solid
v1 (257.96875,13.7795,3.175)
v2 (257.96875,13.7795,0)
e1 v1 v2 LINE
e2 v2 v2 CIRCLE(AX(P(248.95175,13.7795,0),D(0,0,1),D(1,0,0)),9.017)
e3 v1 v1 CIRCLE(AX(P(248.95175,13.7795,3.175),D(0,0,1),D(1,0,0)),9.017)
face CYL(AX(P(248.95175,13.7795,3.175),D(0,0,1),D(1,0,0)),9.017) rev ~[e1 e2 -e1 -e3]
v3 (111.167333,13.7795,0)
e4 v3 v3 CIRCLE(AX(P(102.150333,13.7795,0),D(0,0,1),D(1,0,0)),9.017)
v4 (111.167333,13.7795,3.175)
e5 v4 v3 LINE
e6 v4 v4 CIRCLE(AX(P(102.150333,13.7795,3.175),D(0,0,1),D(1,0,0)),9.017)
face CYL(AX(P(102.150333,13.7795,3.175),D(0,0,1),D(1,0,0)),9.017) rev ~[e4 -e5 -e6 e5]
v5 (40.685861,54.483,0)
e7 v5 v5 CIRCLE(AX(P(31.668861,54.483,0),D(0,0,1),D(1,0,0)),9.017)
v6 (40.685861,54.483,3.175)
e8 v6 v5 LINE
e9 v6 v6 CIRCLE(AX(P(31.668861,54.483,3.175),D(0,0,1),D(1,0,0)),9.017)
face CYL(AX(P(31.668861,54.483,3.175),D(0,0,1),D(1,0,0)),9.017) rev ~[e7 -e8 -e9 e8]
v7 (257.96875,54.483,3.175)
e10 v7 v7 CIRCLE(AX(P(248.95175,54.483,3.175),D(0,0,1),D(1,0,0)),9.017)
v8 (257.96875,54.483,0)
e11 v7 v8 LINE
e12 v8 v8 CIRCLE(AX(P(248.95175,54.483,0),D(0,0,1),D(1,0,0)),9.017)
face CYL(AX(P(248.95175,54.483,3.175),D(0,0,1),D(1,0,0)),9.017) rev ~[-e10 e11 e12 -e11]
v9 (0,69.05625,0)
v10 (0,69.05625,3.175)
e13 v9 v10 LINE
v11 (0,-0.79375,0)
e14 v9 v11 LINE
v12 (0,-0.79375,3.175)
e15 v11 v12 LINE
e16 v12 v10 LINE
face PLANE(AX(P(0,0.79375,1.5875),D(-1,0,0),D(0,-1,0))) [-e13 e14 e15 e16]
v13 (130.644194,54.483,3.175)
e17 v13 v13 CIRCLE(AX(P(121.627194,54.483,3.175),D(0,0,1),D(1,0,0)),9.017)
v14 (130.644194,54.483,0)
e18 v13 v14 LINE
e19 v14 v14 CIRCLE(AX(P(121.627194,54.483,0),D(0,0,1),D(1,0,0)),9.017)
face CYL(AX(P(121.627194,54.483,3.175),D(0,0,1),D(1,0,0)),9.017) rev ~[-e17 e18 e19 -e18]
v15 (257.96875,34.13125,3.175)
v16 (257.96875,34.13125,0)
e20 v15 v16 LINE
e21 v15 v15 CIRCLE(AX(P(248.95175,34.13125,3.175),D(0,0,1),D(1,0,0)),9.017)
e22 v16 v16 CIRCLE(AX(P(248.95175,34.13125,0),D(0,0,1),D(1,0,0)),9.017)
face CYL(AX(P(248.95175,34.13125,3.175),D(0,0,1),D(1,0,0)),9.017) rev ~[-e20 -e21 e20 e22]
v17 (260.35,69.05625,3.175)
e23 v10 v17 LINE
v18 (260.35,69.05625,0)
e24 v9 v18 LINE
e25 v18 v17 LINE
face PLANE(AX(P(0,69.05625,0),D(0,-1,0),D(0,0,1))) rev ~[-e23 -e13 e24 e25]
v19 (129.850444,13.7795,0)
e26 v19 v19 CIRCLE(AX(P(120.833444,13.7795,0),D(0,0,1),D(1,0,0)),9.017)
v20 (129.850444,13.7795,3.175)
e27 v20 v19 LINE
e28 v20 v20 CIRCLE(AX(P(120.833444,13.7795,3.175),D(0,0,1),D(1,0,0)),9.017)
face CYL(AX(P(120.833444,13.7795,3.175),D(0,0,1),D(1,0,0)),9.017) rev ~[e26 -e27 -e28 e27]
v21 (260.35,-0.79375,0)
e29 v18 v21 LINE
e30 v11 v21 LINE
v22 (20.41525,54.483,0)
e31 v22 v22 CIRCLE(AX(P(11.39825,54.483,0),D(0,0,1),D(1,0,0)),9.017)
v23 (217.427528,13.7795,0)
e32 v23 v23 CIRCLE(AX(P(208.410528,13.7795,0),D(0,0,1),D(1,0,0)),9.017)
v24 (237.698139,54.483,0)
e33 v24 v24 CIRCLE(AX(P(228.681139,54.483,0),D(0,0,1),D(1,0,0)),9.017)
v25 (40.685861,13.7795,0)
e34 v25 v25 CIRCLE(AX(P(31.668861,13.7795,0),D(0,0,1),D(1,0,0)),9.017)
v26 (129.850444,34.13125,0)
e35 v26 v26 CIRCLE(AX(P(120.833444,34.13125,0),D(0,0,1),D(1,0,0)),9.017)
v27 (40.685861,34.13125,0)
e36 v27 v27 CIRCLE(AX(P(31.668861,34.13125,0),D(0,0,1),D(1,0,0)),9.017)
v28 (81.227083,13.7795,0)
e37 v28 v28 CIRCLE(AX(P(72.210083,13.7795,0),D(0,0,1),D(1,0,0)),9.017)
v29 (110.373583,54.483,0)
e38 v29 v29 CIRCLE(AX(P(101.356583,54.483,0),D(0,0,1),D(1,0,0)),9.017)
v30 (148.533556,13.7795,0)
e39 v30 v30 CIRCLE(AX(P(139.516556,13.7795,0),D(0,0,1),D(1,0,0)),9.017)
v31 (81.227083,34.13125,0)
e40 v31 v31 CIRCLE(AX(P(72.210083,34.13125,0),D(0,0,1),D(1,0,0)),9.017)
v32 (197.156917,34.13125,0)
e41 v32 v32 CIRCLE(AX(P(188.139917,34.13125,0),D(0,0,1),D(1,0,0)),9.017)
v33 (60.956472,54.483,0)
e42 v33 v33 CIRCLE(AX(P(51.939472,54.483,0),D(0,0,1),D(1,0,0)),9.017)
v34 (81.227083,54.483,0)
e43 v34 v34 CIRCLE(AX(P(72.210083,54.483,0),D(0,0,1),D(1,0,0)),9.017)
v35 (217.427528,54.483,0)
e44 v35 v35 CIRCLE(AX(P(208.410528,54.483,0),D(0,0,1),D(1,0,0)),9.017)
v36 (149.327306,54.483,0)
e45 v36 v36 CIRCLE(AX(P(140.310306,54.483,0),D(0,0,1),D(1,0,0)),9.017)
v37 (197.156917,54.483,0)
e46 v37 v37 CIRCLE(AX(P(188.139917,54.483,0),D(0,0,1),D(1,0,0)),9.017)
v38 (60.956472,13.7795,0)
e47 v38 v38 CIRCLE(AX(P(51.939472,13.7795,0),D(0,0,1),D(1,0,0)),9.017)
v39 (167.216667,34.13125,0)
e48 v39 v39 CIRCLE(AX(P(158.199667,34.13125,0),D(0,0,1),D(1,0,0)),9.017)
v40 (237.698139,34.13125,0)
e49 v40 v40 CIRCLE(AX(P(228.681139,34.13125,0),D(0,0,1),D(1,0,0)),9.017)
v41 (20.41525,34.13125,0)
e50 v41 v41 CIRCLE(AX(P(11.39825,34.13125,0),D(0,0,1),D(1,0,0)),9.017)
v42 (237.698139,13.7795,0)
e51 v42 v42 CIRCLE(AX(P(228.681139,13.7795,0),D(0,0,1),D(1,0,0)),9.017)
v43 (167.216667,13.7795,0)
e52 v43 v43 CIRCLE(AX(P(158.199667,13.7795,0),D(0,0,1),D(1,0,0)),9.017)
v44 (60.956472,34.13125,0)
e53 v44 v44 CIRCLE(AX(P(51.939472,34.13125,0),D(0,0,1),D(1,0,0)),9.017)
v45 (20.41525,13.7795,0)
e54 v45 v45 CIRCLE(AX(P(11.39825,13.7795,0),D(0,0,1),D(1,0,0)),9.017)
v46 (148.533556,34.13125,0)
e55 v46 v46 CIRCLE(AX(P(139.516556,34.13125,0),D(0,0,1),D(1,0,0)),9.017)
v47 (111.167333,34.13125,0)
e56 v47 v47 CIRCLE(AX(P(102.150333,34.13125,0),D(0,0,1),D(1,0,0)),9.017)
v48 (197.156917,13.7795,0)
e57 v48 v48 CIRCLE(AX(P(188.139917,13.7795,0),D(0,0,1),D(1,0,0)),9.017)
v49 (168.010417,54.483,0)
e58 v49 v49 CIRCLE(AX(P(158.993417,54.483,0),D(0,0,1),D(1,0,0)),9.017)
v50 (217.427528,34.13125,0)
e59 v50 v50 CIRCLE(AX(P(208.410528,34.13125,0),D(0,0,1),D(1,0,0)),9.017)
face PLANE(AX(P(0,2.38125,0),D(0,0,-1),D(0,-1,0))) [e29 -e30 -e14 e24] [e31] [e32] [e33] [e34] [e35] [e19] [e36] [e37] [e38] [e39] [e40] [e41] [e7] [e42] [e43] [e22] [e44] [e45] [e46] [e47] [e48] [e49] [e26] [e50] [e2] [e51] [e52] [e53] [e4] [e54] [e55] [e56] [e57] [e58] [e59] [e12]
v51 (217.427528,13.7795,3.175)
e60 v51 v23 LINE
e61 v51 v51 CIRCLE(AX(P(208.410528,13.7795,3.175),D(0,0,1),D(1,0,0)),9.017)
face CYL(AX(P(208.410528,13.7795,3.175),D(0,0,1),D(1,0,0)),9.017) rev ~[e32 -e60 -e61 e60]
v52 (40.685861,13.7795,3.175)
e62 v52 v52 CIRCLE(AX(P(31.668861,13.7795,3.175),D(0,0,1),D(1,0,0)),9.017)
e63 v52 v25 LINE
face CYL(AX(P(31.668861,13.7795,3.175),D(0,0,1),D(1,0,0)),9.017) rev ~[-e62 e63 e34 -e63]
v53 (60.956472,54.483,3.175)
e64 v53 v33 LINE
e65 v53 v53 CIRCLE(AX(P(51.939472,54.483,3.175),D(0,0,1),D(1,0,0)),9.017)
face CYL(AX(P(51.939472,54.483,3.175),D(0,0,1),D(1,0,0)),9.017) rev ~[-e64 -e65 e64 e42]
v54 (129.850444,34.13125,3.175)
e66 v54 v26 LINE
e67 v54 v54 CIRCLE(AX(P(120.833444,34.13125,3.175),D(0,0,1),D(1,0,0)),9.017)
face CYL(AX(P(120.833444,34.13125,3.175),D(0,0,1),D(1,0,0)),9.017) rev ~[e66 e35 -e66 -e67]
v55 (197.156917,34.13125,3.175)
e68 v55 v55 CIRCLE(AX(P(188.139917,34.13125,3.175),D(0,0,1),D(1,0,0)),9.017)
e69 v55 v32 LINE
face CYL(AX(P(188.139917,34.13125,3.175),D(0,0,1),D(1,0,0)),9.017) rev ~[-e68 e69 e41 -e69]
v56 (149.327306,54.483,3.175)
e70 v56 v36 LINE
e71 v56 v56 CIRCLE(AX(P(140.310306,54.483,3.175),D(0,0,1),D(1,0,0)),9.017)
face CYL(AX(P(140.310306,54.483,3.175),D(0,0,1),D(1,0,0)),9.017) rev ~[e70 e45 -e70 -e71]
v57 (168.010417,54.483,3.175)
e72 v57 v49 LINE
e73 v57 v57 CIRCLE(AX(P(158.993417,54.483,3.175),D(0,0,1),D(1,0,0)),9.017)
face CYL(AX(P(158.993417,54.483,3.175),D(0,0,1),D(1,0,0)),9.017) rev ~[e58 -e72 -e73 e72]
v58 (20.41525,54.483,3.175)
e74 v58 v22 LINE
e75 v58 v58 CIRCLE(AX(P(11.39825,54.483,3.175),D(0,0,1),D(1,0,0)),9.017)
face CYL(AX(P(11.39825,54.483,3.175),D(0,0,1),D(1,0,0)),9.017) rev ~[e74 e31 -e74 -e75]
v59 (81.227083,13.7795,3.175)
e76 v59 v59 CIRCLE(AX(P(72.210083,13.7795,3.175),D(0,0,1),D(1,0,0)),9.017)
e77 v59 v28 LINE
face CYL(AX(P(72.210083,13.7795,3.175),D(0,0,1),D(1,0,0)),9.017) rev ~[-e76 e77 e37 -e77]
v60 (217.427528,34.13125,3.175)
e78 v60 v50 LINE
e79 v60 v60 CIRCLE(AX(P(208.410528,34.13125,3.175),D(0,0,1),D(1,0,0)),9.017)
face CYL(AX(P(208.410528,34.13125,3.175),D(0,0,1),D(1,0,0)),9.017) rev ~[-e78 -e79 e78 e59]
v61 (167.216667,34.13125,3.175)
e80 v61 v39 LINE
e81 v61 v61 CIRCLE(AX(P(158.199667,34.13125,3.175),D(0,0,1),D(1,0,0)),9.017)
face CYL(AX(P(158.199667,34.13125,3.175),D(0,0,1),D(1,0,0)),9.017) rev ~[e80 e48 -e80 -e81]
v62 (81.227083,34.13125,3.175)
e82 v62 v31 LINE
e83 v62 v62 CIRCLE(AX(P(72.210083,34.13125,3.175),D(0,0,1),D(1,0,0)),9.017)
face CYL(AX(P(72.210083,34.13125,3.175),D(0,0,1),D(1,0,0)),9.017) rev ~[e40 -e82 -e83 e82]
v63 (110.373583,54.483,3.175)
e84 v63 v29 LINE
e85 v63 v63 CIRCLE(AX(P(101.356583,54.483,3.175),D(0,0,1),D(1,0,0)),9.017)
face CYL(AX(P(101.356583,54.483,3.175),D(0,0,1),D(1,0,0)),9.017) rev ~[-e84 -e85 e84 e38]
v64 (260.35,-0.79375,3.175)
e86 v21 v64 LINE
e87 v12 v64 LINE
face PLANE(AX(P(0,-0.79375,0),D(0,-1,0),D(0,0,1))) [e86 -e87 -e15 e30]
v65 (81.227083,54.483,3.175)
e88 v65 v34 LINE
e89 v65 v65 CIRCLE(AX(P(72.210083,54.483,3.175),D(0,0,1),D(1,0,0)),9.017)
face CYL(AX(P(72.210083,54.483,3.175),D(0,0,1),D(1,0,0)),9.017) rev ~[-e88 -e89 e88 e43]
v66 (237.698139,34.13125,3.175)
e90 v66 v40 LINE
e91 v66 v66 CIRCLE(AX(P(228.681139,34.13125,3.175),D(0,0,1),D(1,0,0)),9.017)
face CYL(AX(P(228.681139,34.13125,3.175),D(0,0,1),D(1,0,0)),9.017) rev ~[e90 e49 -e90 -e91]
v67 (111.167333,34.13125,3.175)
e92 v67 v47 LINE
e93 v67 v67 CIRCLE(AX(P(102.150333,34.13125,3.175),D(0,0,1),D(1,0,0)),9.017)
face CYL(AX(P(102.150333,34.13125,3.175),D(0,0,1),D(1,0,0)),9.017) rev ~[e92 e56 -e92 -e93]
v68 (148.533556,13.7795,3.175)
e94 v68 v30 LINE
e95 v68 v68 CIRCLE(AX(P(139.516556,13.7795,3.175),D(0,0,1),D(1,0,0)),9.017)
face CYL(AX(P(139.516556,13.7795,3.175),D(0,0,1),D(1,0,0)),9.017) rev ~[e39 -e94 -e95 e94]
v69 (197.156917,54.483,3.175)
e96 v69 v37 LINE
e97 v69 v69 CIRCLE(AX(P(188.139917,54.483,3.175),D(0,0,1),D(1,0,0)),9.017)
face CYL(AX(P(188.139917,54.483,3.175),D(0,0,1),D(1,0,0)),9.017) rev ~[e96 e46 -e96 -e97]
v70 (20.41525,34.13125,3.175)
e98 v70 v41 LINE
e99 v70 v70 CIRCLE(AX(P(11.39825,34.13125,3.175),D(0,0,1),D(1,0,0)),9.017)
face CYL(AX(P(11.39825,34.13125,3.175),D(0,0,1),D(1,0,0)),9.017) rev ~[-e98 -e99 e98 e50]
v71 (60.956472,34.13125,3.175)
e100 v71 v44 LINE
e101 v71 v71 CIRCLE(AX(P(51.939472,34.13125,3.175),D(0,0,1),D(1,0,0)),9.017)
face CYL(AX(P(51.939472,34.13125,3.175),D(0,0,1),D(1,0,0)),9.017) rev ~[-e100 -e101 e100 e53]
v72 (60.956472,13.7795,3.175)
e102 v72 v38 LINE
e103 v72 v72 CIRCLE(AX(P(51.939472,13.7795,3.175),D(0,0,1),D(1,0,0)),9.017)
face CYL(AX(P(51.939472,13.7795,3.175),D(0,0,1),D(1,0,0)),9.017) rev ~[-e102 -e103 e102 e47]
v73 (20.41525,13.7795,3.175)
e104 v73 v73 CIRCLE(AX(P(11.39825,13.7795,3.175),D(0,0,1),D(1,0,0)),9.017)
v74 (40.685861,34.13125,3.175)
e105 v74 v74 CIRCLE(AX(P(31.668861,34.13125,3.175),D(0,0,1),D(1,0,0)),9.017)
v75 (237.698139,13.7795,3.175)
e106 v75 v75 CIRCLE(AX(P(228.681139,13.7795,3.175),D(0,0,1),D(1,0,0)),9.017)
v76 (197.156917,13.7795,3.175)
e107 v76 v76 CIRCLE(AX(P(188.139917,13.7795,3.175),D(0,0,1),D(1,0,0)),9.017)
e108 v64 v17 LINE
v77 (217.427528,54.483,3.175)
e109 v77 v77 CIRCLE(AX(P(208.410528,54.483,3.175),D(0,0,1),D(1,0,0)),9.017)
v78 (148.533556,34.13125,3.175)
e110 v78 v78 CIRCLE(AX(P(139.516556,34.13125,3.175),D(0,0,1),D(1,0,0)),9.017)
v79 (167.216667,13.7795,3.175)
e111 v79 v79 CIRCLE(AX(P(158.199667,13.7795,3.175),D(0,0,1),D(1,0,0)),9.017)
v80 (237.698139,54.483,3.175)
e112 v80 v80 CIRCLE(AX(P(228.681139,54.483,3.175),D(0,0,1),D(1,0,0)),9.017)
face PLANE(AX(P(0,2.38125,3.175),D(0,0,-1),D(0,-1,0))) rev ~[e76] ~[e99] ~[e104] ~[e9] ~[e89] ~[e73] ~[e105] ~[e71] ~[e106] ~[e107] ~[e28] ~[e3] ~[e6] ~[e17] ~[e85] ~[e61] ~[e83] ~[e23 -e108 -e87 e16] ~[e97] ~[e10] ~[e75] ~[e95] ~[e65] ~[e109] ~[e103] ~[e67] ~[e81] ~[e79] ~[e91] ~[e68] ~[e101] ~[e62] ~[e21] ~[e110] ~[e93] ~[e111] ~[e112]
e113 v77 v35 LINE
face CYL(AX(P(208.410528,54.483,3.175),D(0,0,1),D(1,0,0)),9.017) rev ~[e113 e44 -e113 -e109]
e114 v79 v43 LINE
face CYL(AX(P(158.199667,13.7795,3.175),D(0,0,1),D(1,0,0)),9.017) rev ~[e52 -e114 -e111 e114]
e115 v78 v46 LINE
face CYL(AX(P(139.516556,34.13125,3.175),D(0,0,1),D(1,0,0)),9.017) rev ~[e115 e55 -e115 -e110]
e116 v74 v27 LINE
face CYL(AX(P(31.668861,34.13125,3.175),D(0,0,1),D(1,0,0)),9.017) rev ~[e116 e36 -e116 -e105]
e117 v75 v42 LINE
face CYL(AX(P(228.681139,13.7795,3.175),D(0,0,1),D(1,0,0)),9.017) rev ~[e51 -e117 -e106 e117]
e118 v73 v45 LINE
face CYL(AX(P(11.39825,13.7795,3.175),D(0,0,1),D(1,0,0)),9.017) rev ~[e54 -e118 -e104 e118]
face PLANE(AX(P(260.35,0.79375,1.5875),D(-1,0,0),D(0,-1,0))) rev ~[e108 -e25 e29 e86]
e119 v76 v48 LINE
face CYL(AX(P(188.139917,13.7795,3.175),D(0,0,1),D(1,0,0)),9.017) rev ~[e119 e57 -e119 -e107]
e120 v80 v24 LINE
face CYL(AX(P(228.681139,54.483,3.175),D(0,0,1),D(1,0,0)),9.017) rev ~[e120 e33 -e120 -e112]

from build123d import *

# Parameters (mm, degrees)
F0_W     = 260.35
F0_H     = 68.2625
F1_DEPTH = 3.175
F2_W     = 6.35
F2_H     = 2.38125
F2_R     = 9.017
F3_DEPTH = 3.175
F4_W     = 3.175
F4_H     = 3.175
F5_DEPTH = 260.35


with BuildPart() as f1:
    # F0 (on Top) → F1 (new body)
    with BuildSketch(Plane.XY):
        with Locations((130.175, 34.13125)):
            Rectangle(F0_W, F0_H)
    extrude(amount=F1_DEPTH)

    # F2 (on face) → F3 (cut, through all)
    with BuildSketch(Plane.XY.offset(3.175)):
        with Locations((3.175, 1.190625)):
            Rectangle(F2_W, F2_H)
        with Locations((3.175, 67.071875)):
            Rectangle(F2_W, F2_H)
        with Locations((11.39825, 54.483)):
            Circle(F2_R)
        with Locations((31.668861, 54.483)):
            Circle(F2_R)
        with Locations((51.939472, 54.483)):
            Circle(F2_R)
        with Locations((72.210083, 54.483)):
            Circle(F2_R)
        with Locations((101.356583, 54.483)):
            Circle(F2_R)
        with Locations((121.627194, 54.483)):
            Circle(F2_R)
        with Locations((140.310306, 54.483)):
            Circle(F2_R)
        with Locations((158.993417, 54.483)):
            Circle(F2_R)
        with Locations((188.139917, 54.483)):
            Circle(F2_R)
        with Locations((208.410528, 54.483)):
            Circle(F2_R)
        with Locations((228.681139, 54.483)):
            Circle(F2_R)
        with Locations((248.95175, 54.483)):
            Circle(F2_R)
        with Locations((11.39825, 34.13125)):
            Circle(F2_R)
        with Locations((31.668861, 34.13125)):
            Circle(F2_R)
        with Locations((51.939472, 34.13125)):
            Circle(F2_R)
        with Locations((72.210083, 34.13125)):
            Circle(F2_R)
        with Locations((248.95175, 34.13125)):
            Circle(F2_R)
        with Locations((228.681139, 34.13125)):
            Circle(F2_R)
        with Locations((208.410528, 34.13125)):
            Circle(F2_R)
        with Locations((188.139917, 34.13125)):
            Circle(F2_R)
        with Locations((102.150333, 34.13125)):
            Circle(F2_R)
        with Locations((120.833444, 34.13125)):
            Circle(F2_R)
        with Locations((139.516556, 34.13125)):
            Circle(F2_R)
        with Locations((158.199667, 34.13125)):
            Circle(F2_R)
        with Locations((11.39825, 13.7795)):
            Circle(F2_R)
        with Locations((248.95175, 13.7795)):
            Circle(F2_R)
        with Locations((228.681139, 13.7795)):
            Circle(F2_R)
        with Locations((208.410528, 13.7795)):
            Circle(F2_R)
        with Locations((188.139917, 13.7795)):
            Circle(F2_R)
        with Locations((31.668861, 13.7795)):
            Circle(F2_R)
        with Locations((51.939472, 13.7795)):
            Circle(F2_R)
        with Locations((72.210083, 13.7795)):
            Circle(F2_R)
        with Locations((102.150333, 13.7795)):
            Circle(F2_R)
        with Locations((120.833444, 13.7795)):
            Circle(F2_R)
        with Locations((139.516556, 13.7795)):
            Circle(F2_R)
        with Locations((158.199667, 13.7795)):
            Circle(F2_R)
        with Locations((15.875, 67.071875)):
            Rectangle(F2_W, F2_H)
        with Locations((15.875, 1.190625)):
            Rectangle(F2_W, F2_H)
        with Locations((28.575, 1.190625)):
            Rectangle(F2_W, F2_H)
        with Locations((41.275, 1.190625)):
            Rectangle(F2_W, F2_H)
        with Locations((53.975, 1.190625)):
            Rectangle(F2_W, F2_H)
        with Locations((66.675, 1.190625)):
            Rectangle(F2_W, F2_H)
        with Locations((79.375, 1.190625)):
            Rectangle(F2_W, F2_H)
        with Locations((92.075, 1.190625)):
            Rectangle(F2_W, F2_H)
        with Locations((104.775, 1.190625)):
            Rectangle(F2_W, F2_H)
        with Locations((117.475, 1.190625)):
            Rectangle(F2_W, F2_H)
        with Locations((130.175, 1.190625)):
            Rectangle(F2_W, F2_H)
        with Locations((142.875, 1.190625)):
            Rectangle(F2_W, F2_H)
        with Locations((155.575, 1.190625)):
            Rectangle(F2_W, F2_H)
        with Locations((168.275, 1.190625)):
            Rectangle(F2_W, F2_H)
        with Locations((180.975, 1.190625)):
            Rectangle(F2_W, F2_H)
        with Locations((193.675, 1.190625)):
            Rectangle(F2_W, F2_H)
        with Locations((206.375, 1.190625)):
            Rectangle(F2_W, F2_H)
        with Locations((219.075, 1.190625)):
            Rectangle(F2_W, F2_H)
        with Locations((231.775, 1.190625)):
            Rectangle(F2_W, F2_H)
        with Locations((244.475, 1.190625)):
            Rectangle(F2_W, F2_H)
        with Locations((257.175, 1.190625)):
            Rectangle(F2_W, F2_H)
        with Locations((269.875, 1.190625)):
            Rectangle(F2_W, F2_H)
        with Locations((282.575, 1.190625)):
            Rectangle(F2_W, F2_H)
        with Locations((28.575, 67.071875)):
            Rectangle(F2_W, F2_H)
        with Locations((41.275, 67.071875)):
            Rectangle(F2_W, F2_H)
        with Locations((53.975, 67.071875)):
            Rectangle(F2_W, F2_H)
        with Locations((66.675, 67.071875)):
            Rectangle(F2_W, F2_H)
        with Locations((79.375, 67.071875)):
            Rectangle(F2_W, F2_H)
        with Locations((92.075, 67.071875)):
            Rectangle(F2_W, F2_H)
        with Locations((104.775, 67.071875)):
            Rectangle(F2_W, F2_H)
        with Locations((117.475, 67.071875)):
            Rectangle(F2_W, F2_H)
        with Locations((130.175, 67.071875)):
            Rectangle(F2_W, F2_H)
        with Locations((142.875, 67.071875)):
            Rectangle(F2_W, F2_H)
        with Locations((155.575, 67.071875)):
            Rectangle(F2_W, F2_H)
        with Locations((168.275, 67.071875)):
            Rectangle(F2_W, F2_H)
        with Locations((180.975, 67.071875)):
            Rectangle(F2_W, F2_H)
        with Locations((193.675, 67.071875)):
            Rectangle(F2_W, F2_H)
        with Locations((206.375, 67.071875)):
            Rectangle(F2_W, F2_H)
        with Locations((219.075, 67.071875)):
            Rectangle(F2_W, F2_H)
        with Locations((231.775, 67.071875)):
            Rectangle(F2_W, F2_H)
        with Locations((244.475, 67.071875)):
            Rectangle(F2_W, F2_H)
        with Locations((257.175, 67.071875)):
            Rectangle(F2_W, F2_H)
        with Locations((269.875, 67.071875)):
            Rectangle(F2_W, F2_H)
        with Locations((282.575, 67.071875)):
            Rectangle(F2_W, F2_H)
    extrude(amount=-F3_DEPTH, mode=Mode.SUBTRACT)

    # F4 (on face) → F5 (join, through all)
    with BuildSketch(Plane(origin=(0, 0, 0), x_dir=(0, -1, 0), z_dir=(-1, 0, 0))):
        with Locations((-0.79375, 1.5875)):
            Rectangle(F4_W, F4_H)
        with Locations((-67.46875, 1.5875)):
            Rectangle(F4_W, F4_H)
    extrude(amount=-F5_DEPTH)


solid = f1.part
